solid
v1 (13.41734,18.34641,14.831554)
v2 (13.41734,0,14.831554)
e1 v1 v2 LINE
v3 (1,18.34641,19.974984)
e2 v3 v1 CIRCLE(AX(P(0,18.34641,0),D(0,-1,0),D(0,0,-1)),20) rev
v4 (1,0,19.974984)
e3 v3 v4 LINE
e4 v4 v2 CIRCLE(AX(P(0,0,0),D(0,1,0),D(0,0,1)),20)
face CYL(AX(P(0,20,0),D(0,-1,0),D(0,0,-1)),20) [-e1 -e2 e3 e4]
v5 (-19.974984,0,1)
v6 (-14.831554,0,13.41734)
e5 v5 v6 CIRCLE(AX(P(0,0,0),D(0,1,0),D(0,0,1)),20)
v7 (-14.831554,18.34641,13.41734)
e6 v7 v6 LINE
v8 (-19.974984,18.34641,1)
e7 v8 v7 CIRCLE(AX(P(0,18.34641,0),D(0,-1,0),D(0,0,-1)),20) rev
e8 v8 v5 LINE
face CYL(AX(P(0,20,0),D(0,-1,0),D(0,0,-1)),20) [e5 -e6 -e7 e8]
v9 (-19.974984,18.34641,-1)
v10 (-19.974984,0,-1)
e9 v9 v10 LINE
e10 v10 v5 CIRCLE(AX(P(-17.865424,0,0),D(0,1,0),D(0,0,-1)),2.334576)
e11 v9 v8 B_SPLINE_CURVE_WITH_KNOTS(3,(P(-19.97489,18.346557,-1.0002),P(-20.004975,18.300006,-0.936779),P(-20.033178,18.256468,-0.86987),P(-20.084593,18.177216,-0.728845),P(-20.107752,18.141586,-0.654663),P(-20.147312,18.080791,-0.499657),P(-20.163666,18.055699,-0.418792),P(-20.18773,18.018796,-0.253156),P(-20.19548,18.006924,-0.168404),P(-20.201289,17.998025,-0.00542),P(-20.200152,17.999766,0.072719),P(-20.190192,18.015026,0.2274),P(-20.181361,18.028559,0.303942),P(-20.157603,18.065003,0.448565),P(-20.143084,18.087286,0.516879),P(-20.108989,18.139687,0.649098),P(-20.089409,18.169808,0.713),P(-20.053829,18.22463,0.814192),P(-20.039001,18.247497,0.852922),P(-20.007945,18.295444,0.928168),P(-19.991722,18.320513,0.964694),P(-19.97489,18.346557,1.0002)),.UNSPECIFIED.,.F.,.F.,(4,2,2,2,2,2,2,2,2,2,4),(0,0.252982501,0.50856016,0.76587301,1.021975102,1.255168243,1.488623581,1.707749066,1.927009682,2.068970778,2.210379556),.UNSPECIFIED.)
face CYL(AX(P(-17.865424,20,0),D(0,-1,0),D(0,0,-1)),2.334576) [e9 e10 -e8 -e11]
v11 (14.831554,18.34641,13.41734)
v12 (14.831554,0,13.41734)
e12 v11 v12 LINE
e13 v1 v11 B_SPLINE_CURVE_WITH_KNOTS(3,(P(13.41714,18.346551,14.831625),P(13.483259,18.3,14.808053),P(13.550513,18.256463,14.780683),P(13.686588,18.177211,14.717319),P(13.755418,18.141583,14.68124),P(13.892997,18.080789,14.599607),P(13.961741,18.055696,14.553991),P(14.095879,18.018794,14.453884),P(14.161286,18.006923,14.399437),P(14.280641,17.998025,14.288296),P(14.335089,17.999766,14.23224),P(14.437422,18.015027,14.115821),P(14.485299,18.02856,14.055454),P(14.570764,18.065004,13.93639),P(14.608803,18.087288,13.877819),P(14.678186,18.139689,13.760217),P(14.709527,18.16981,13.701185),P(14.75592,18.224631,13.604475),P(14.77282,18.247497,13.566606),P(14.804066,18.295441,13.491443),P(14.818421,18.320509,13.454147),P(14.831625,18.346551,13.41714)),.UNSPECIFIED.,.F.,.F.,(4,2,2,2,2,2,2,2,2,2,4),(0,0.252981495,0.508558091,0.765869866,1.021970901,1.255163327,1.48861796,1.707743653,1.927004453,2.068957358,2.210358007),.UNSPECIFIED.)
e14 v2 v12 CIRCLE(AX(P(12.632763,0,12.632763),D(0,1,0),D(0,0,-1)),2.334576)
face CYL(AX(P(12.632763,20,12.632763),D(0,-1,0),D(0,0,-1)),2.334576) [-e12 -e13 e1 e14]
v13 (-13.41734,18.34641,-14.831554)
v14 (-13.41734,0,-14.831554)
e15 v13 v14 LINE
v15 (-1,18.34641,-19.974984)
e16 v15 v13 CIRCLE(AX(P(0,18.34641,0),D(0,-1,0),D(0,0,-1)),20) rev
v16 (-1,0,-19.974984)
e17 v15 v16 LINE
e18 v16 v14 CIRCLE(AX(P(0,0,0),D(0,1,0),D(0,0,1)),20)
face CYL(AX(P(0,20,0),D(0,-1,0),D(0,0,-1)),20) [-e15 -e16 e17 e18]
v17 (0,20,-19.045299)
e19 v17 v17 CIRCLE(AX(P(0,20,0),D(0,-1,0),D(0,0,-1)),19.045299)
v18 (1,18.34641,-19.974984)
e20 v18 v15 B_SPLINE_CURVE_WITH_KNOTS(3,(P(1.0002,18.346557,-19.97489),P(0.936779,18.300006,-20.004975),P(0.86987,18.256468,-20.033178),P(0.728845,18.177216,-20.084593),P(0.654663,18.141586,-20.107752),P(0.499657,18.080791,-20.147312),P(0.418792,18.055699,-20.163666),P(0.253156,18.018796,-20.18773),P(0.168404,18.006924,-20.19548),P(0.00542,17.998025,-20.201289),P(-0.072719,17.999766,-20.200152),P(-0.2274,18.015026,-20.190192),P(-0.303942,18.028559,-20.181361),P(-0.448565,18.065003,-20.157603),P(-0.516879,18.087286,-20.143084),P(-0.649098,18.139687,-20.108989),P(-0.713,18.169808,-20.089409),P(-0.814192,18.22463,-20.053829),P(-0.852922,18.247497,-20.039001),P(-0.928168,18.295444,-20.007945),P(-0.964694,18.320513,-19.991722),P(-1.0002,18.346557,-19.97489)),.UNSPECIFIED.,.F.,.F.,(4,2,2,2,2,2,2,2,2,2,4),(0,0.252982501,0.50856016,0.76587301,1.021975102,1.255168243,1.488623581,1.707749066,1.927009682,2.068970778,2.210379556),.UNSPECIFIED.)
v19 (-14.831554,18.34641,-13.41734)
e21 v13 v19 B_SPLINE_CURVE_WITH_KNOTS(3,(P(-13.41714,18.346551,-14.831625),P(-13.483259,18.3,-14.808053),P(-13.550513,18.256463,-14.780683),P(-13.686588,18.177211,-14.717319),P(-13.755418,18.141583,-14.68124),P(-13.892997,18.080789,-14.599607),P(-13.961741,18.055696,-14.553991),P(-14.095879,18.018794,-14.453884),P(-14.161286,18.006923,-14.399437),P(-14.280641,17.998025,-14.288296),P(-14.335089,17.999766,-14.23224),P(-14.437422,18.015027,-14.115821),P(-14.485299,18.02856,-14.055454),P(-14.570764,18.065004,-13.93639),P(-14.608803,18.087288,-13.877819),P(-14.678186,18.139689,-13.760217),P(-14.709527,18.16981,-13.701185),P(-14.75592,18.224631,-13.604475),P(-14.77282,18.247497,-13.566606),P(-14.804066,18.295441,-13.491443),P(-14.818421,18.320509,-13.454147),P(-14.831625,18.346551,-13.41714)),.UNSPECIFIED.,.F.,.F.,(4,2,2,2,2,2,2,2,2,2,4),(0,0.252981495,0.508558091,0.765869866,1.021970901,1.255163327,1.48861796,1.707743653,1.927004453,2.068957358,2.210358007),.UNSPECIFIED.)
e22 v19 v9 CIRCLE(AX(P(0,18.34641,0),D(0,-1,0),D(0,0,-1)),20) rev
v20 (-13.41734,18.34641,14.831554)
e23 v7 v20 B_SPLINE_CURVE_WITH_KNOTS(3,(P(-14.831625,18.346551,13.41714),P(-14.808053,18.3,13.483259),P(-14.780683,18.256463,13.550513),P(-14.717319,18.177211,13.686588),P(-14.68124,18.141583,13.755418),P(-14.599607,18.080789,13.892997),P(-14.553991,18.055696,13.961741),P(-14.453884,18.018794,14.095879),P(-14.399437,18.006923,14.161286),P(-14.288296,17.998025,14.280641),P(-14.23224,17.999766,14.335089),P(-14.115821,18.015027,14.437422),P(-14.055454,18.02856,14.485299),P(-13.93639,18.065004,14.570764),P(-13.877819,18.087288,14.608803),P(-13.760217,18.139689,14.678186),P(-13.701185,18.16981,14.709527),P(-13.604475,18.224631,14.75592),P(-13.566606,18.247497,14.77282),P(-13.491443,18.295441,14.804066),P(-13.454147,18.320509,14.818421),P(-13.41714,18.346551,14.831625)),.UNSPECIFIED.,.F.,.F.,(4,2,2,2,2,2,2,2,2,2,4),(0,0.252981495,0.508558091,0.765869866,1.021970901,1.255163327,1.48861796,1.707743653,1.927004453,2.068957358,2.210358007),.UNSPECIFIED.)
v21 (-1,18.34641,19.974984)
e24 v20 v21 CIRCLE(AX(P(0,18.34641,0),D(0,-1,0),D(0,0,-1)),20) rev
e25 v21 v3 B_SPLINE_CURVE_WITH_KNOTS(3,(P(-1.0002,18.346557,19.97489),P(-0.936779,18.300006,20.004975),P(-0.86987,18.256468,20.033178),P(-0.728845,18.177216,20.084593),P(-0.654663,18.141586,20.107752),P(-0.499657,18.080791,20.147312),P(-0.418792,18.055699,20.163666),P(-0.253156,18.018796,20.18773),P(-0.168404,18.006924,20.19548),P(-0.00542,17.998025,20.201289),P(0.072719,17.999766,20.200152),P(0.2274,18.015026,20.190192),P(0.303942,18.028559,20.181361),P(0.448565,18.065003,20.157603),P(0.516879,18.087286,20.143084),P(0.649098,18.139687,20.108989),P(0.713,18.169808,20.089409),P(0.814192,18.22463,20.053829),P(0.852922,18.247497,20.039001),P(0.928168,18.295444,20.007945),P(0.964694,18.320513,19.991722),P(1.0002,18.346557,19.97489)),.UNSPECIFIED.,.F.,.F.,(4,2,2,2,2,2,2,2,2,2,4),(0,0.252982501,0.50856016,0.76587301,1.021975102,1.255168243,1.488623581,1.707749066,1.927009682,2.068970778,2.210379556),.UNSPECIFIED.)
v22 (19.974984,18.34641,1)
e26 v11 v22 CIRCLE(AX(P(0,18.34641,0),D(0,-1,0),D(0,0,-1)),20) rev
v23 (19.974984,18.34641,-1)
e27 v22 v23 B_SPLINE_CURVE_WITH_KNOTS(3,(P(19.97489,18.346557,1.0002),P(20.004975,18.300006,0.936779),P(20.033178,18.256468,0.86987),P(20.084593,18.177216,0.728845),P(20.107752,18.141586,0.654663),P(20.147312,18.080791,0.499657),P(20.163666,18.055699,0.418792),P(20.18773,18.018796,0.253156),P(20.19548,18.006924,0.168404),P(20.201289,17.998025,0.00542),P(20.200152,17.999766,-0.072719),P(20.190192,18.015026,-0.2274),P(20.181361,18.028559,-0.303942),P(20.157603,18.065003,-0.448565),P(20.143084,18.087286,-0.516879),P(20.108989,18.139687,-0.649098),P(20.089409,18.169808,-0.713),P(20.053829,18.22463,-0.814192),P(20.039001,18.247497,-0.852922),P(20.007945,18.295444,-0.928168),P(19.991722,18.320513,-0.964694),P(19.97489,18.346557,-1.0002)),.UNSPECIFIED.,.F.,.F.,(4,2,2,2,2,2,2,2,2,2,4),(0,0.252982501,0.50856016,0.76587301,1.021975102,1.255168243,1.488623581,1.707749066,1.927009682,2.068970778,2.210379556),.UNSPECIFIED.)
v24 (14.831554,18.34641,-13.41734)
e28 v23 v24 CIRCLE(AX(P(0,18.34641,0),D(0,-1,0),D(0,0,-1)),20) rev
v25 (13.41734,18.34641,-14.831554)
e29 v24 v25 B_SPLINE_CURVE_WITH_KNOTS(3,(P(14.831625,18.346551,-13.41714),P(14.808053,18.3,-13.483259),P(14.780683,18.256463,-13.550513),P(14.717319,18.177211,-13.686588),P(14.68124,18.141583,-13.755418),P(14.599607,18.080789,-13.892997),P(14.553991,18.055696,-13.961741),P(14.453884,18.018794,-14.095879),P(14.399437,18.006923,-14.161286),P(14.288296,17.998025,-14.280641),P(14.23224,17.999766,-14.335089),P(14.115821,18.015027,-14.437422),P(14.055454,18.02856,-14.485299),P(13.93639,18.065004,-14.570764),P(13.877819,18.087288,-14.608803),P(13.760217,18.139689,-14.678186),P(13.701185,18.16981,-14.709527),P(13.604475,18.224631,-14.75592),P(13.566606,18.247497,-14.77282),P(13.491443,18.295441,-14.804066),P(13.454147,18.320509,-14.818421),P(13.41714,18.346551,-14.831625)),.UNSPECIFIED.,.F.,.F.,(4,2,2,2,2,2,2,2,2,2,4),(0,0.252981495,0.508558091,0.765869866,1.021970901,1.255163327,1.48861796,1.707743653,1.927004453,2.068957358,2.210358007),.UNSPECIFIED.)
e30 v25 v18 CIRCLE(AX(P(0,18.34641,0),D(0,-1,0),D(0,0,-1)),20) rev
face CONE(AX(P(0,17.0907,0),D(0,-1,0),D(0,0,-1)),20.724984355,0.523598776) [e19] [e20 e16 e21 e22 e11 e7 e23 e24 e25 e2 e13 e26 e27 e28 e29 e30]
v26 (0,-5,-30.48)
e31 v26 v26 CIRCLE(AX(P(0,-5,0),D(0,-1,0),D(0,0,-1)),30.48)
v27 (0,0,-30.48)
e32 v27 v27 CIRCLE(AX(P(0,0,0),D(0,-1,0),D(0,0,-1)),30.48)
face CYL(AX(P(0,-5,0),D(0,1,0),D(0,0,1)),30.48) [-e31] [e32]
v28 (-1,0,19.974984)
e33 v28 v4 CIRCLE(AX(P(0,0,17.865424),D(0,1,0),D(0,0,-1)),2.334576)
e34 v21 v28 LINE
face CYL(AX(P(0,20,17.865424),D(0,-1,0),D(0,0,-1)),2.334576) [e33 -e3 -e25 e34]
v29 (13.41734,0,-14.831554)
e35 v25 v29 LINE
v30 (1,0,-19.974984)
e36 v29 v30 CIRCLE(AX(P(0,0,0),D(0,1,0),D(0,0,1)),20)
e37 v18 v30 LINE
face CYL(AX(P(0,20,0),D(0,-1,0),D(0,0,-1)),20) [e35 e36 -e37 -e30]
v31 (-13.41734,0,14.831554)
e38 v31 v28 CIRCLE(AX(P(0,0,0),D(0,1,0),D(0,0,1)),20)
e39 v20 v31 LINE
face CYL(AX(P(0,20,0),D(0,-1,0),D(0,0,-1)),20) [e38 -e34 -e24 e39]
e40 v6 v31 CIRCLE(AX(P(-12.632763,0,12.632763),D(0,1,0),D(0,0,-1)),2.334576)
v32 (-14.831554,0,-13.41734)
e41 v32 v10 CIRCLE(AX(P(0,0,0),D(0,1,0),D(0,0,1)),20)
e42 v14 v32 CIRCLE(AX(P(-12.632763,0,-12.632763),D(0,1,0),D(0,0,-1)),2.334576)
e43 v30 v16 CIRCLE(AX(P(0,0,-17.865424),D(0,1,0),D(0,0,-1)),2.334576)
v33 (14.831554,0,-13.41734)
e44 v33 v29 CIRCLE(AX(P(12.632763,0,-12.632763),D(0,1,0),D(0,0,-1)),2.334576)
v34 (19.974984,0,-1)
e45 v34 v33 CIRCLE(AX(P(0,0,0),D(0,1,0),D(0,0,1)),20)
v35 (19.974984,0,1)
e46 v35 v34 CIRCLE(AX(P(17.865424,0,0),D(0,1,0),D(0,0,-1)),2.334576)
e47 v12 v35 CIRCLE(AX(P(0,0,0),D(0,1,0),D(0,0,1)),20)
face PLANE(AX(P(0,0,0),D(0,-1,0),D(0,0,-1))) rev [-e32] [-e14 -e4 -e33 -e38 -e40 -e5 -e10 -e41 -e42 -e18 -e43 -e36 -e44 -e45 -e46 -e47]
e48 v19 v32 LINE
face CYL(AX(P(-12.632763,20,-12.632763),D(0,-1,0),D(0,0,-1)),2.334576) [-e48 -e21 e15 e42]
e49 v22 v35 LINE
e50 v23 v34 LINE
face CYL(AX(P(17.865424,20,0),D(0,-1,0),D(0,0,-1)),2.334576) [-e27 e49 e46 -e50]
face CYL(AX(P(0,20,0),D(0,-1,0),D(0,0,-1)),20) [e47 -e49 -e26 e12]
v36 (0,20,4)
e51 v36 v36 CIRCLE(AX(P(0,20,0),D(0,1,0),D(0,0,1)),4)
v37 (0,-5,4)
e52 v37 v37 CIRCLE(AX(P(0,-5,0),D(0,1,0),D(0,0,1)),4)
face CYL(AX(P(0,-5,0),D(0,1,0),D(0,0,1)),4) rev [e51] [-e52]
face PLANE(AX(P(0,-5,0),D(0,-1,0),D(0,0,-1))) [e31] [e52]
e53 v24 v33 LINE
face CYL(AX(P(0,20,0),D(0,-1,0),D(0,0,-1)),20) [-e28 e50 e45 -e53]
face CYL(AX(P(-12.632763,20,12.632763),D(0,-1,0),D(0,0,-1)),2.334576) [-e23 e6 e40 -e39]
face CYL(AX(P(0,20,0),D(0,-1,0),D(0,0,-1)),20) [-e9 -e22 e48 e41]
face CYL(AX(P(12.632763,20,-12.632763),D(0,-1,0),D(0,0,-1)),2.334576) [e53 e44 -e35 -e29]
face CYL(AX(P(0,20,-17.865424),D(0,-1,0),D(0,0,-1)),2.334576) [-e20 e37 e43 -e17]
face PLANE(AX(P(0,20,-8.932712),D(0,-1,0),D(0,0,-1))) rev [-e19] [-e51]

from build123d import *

# Parameters (mm, degrees)
BOSS_EXTRUDE1_DEPTH = 20
SKETCH3_R           = 30.48
BOSS_EXTRUDE2_DEPTH = 5
SKETCH11_R          = 4
CUT_EXTRUDE2_DEPTH  = 50.830320087


with BuildPart() as part:
    # Sketch1 → Boss-Extrude1 (new body)
    with BuildSketch(Plane(origin=(0, 0, 0), x_dir=(1, 0, 0), z_dir=(0, 1, 0))):
        with BuildLine():
            ThreePointArc((-1, 19.974984355), (-7.653668647, 18.47759065), (-13.417340111, 14.831553673))
            ThreePointArc((-13.417340111, 14.831553673), (-14.28355698, 14.28355698), (-14.831553673, 13.417340111))
            ThreePointArc((-14.831553673, 13.417340111), (-18.47759065, 7.653668647), (-19.974984355, 1))
            ThreePointArc((-19.974984355, 1), (-20.2, 0), (-19.974984355, -1))
            ThreePointArc((-19.974984355, -1), (-18.47759065, -7.653668647), (-14.831553673, -13.417340111))
            ThreePointArc((-14.831553673, -13.417340111), (-14.28355698, -14.28355698), (-13.417340111, -14.831553673))
            ThreePointArc((-13.417340111, -14.831553673), (-7.653668647, -18.47759065), (-1, -19.974984355))
            ThreePointArc((-1, -19.974984355), (0, -20.2), (1, -19.974984355))
            ThreePointArc((1, -19.974984355), (7.653668647, -18.47759065), (13.417340111, -14.831553673))
            ThreePointArc((13.417340111, -14.831553673), (14.28355698, -14.28355698), (14.831553673, -13.417340111))
            ThreePointArc((14.831553673, -13.417340111), (18.47759065, -7.653668647), (19.974984355, -1))
            ThreePointArc((19.974984355, -1), (20.2, 0), (19.974984355, 1))
            ThreePointArc((19.974984355, 1), (18.47759065, 7.653668647), (14.831553673, 13.417340111))
            ThreePointArc((14.831553673, 13.417340111), (14.28355698, 14.28355698), (13.417340111, 14.831553673))
            ThreePointArc((13.417340111, 14.831553673), (7.653668647, 18.47759065), (1, 19.974984355))
            ThreePointArc((1, 19.974984355), (0, 20.2), (-1, 19.974984355))
        make_face()
    extrude(amount=BOSS_EXTRUDE1_DEPTH)

    # Sketch2 → Cut-Revolve1 (revolve, cut)
    with BuildSketch(Plane.XY, mode=Mode.PRIVATE) as cut_revolve1_sk:
        Polygon((-18.61228676, 20.75), (-20.724984355, 17.090700423), (-20.724984355, 20.75), align=None)
    revolve(cut_revolve1_sk.sketch.rotate(Axis((0, 0, 0), (0, 1, 0)), 270), axis=Axis((0, 0, 0), (0, 1, 0)), mode=Mode.SUBTRACT)

    # Sketch3 → Boss-Extrude2 (add)
    with BuildSketch(Plane.XZ):
        with Locations(Location((0, 0, 0), (0, 0, 270))):
            Circle(SKETCH3_R)
    extrude(amount=BOSS_EXTRUDE2_DEPTH)

    # Sketch11 → Cut-Extrude2 (cut, through all)
    with BuildSketch(Plane(origin=(0, 20, 0), x_dir=(1, 0, 0), z_dir=(0, 1, 0))):
        with Locations(Location((0, 0, 0), (0, 0, 270))):
            Circle(SKETCH11_R)
    extrude(amount=-CUT_EXTRUDE2_DEPTH, mode=Mode.SUBTRACT)


solid = part.part
